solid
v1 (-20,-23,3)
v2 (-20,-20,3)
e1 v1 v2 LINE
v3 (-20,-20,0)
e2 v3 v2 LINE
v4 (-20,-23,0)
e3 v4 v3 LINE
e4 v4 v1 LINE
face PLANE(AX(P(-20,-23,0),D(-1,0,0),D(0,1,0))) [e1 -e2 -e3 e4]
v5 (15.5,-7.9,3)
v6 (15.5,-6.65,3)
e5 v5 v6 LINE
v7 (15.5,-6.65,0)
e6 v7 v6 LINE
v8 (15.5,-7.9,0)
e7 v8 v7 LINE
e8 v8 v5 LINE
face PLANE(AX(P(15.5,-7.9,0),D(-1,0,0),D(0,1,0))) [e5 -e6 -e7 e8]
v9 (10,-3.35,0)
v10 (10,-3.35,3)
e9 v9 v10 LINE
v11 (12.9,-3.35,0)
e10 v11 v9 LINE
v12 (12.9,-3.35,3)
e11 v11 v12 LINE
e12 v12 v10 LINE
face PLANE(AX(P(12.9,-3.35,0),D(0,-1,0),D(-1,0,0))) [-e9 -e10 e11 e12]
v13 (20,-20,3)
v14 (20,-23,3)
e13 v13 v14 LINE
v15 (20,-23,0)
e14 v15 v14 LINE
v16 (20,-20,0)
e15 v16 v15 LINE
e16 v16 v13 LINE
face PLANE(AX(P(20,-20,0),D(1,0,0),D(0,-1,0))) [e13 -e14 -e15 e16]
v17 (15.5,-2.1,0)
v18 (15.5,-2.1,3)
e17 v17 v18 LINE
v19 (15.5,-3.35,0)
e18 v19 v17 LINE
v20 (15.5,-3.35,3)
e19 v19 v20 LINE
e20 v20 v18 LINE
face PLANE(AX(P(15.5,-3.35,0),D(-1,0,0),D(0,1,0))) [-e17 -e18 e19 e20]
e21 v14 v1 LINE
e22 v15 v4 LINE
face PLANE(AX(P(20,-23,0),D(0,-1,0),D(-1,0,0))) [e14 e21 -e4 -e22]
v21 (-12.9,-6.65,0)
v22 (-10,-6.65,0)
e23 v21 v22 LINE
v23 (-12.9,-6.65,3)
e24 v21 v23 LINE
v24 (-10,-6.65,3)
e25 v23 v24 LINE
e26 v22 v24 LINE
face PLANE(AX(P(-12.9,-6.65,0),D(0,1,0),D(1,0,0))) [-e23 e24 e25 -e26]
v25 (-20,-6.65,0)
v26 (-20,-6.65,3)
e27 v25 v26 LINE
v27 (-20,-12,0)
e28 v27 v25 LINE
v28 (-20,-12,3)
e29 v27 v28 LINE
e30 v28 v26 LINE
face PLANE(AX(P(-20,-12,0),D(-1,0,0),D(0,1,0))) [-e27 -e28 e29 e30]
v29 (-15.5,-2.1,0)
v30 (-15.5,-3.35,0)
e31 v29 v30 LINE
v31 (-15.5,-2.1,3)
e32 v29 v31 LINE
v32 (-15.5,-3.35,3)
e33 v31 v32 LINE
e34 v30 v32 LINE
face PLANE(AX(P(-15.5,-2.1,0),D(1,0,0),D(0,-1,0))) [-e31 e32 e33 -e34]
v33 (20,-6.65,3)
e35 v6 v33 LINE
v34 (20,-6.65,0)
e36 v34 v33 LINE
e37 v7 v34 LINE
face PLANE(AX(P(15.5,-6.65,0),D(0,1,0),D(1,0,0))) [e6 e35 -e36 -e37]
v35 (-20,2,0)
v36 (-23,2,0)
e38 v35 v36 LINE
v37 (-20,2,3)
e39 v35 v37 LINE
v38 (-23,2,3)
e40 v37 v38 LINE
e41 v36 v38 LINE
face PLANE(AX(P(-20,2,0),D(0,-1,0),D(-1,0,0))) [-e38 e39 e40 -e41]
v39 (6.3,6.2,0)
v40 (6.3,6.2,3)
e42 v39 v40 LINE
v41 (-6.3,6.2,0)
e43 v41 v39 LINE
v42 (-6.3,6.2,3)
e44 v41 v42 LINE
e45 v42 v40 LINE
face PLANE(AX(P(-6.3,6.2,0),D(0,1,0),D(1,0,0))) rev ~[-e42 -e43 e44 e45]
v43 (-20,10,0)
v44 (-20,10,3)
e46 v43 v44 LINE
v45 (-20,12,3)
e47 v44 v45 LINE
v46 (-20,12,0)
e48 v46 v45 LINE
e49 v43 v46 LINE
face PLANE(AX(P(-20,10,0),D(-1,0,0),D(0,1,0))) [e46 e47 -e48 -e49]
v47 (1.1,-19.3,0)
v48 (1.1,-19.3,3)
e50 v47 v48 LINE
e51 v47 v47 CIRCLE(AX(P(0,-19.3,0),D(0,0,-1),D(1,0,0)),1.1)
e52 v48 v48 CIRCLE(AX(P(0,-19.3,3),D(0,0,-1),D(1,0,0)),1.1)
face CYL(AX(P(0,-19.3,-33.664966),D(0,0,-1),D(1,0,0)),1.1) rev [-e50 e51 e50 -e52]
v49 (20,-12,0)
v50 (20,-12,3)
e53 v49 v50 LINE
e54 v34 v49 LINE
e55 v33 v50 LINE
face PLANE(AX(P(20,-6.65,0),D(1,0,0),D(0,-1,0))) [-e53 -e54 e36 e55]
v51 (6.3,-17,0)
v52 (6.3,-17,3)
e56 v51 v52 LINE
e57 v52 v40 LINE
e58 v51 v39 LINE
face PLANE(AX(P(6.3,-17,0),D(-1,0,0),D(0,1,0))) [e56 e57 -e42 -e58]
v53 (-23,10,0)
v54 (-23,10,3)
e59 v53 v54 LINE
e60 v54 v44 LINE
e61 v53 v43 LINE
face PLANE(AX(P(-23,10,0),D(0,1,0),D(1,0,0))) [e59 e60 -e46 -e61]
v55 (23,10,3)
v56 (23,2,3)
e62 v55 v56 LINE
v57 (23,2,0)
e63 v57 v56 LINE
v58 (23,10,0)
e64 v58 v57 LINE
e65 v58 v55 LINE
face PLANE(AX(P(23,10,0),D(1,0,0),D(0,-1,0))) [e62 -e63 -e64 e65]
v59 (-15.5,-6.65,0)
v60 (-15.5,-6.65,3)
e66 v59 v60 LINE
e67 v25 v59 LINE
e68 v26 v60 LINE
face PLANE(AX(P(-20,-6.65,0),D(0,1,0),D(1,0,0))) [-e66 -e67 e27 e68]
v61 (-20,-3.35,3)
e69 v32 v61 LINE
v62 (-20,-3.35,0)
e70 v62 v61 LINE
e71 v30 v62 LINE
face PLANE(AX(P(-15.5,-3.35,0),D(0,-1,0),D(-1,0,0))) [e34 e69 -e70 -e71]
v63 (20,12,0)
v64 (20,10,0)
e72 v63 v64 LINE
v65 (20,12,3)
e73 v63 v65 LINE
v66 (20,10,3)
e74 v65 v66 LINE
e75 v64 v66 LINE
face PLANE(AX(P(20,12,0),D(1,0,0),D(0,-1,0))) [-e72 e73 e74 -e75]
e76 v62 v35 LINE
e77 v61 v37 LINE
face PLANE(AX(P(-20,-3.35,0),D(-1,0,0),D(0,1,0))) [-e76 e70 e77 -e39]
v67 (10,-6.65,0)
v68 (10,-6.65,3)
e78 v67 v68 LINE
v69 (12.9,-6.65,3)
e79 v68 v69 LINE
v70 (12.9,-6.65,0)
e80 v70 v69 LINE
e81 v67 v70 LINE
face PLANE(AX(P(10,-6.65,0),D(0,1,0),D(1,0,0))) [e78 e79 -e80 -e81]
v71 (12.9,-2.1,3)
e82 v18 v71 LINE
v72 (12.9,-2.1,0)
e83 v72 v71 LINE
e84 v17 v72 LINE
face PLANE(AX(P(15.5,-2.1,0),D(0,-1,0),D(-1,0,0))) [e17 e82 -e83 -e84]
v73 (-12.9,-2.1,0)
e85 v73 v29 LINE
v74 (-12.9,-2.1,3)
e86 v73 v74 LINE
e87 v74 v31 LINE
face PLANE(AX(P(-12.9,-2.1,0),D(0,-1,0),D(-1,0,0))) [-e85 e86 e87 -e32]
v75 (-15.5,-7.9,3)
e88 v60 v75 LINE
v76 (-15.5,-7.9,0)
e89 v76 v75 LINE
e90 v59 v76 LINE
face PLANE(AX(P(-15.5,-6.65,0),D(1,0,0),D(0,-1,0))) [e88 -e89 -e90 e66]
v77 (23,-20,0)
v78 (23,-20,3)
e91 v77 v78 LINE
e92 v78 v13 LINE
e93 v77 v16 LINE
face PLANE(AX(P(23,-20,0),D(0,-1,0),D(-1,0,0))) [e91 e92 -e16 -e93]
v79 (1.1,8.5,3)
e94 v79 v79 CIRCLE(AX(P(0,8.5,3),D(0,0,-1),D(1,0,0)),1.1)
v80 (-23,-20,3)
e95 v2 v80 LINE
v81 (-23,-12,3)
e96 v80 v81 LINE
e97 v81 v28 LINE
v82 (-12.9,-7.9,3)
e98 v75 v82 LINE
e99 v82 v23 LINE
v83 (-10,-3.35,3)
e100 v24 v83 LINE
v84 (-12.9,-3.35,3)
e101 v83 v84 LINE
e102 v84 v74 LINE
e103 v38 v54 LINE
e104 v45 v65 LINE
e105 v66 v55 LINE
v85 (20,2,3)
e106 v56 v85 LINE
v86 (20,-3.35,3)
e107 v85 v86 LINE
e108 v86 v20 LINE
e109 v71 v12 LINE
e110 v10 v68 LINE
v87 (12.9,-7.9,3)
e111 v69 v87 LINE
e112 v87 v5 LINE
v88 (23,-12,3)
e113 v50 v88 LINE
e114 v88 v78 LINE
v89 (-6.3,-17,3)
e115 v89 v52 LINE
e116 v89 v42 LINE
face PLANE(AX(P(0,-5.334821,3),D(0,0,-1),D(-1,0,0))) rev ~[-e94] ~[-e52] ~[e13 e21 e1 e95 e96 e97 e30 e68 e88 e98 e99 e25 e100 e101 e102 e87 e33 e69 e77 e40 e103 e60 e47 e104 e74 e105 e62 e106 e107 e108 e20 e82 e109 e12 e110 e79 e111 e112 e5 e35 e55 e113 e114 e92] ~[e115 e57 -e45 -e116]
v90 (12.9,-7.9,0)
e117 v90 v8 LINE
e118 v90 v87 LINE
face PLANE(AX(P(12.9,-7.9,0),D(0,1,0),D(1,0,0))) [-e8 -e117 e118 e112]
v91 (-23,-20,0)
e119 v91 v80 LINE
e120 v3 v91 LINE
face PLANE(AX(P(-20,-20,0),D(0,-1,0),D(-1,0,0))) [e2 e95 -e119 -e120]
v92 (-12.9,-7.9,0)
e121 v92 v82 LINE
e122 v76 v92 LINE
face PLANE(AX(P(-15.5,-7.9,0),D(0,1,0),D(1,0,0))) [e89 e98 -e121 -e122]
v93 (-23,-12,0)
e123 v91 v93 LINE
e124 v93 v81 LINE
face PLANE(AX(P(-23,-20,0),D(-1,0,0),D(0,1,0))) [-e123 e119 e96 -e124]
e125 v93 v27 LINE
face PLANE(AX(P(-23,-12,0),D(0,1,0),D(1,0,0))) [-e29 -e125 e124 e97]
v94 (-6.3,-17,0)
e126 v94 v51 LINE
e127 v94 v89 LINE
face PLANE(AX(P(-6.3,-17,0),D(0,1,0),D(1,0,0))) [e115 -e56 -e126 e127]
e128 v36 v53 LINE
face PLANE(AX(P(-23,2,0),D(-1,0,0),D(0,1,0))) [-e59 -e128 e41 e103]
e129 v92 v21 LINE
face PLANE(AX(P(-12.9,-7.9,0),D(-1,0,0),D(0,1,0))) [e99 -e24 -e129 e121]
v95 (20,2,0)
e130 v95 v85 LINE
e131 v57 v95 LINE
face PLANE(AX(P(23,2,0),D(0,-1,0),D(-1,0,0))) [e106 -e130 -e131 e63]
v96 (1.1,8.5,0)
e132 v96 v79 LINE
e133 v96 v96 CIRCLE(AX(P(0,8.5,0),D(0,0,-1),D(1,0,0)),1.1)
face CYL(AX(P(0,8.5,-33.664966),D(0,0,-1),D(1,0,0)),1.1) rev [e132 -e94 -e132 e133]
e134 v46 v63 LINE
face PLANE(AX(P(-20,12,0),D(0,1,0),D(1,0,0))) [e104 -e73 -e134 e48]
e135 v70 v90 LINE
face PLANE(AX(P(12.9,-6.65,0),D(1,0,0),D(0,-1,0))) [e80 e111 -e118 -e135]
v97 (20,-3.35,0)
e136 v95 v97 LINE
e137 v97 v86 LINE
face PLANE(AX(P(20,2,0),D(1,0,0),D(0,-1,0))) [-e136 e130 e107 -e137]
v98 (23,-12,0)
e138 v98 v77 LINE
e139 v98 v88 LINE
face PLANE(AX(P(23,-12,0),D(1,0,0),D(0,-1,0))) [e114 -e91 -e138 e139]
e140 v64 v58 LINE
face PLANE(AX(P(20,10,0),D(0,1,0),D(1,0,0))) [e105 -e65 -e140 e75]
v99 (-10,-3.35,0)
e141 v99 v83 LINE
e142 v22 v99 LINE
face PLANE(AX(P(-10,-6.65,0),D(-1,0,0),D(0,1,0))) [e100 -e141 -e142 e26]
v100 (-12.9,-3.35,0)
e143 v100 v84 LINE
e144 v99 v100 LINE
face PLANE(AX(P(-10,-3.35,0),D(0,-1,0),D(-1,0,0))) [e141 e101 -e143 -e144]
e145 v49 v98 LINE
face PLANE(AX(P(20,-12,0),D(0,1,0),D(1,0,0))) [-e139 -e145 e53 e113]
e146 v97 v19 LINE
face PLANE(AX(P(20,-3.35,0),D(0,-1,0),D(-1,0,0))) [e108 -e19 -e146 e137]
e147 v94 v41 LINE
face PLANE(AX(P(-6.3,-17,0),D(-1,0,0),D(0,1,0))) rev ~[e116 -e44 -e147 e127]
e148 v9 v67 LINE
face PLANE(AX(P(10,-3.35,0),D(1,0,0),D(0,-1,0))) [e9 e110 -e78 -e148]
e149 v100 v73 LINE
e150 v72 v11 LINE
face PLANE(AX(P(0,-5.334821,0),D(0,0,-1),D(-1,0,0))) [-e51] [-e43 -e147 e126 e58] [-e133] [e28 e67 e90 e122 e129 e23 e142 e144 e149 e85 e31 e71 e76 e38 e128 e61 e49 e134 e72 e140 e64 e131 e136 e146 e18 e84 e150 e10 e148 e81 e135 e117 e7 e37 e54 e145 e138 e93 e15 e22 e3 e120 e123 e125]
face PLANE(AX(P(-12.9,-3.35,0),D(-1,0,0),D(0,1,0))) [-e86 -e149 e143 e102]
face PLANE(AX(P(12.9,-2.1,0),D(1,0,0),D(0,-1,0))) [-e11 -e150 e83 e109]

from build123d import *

# Parameters (mm, degrees)
ESKIZ_KONTUR_W        = 12.6
ESKIZ_KONTUR_H        = 23.2
PLASTINA_DEPTH        = 3
OTVERSTIYA_DEPTH      = 33.664965942
OTVERSTIYA_DEPTH_BACK = 33.664965942
ESKIZ_OTVERSTIYA_R    = 1.1


with BuildPart() as part:
    # Eskiz_kontur → Plastina (new body)
    with BuildSketch(Plane.XY):
        Polygon((20, -3.35), (15.5, -3.35), (15.5, -2.1), (12.9, -2.1), (12.9, -3.35), (10, -3.35), (10, -6.65), (12.9, -6.65), (12.9, -7.9), (15.5, -7.9), (15.5, -6.65), (20, -6.65), (20, -12), (23, -12), (23, -20), (20, -20), (20, -23), (-20, -23), (-20, -20), (-23, -20), (-23, -12), (-20, -12), (-20, -6.65), (-15.5, -6.65), (-15.5, -7.9), (-12.9, -7.9), (-12.9, -6.65), (-10, -6.65), (-10, -3.35), (-12.9, -3.35), (-12.9, -2.1), (-15.5, -2.1), (-15.5, -3.35), (-20, -3.35), (-20, 2), (-23, 2), (-23, 10), (-20, 10), (-20, 12), (20, 12), (20, 10), (23, 10), (23, 2), (20, 2), align=None)
        with Locations((0, -5.4)):
            Rectangle(ESKIZ_KONTUR_W, ESKIZ_KONTUR_H, mode=Mode.SUBTRACT)
    extrude(amount=PLASTINA_DEPTH)

    # Eskiz_otverstiya → Otverstiya (cut, two sides: drawn at the far end of the back side and taken through both)
    with BuildSketch(Plane.XY.offset(-OTVERSTIYA_DEPTH_BACK)):
        with Locations((0, -19.3)):
            Circle(ESKIZ_OTVERSTIYA_R)
        with Locations((0, 8.5)):
            Circle(ESKIZ_OTVERSTIYA_R)
    extrude(amount=OTVERSTIYA_DEPTH + OTVERSTIYA_DEPTH_BACK, mode=Mode.SUBTRACT)


solid = part.part
